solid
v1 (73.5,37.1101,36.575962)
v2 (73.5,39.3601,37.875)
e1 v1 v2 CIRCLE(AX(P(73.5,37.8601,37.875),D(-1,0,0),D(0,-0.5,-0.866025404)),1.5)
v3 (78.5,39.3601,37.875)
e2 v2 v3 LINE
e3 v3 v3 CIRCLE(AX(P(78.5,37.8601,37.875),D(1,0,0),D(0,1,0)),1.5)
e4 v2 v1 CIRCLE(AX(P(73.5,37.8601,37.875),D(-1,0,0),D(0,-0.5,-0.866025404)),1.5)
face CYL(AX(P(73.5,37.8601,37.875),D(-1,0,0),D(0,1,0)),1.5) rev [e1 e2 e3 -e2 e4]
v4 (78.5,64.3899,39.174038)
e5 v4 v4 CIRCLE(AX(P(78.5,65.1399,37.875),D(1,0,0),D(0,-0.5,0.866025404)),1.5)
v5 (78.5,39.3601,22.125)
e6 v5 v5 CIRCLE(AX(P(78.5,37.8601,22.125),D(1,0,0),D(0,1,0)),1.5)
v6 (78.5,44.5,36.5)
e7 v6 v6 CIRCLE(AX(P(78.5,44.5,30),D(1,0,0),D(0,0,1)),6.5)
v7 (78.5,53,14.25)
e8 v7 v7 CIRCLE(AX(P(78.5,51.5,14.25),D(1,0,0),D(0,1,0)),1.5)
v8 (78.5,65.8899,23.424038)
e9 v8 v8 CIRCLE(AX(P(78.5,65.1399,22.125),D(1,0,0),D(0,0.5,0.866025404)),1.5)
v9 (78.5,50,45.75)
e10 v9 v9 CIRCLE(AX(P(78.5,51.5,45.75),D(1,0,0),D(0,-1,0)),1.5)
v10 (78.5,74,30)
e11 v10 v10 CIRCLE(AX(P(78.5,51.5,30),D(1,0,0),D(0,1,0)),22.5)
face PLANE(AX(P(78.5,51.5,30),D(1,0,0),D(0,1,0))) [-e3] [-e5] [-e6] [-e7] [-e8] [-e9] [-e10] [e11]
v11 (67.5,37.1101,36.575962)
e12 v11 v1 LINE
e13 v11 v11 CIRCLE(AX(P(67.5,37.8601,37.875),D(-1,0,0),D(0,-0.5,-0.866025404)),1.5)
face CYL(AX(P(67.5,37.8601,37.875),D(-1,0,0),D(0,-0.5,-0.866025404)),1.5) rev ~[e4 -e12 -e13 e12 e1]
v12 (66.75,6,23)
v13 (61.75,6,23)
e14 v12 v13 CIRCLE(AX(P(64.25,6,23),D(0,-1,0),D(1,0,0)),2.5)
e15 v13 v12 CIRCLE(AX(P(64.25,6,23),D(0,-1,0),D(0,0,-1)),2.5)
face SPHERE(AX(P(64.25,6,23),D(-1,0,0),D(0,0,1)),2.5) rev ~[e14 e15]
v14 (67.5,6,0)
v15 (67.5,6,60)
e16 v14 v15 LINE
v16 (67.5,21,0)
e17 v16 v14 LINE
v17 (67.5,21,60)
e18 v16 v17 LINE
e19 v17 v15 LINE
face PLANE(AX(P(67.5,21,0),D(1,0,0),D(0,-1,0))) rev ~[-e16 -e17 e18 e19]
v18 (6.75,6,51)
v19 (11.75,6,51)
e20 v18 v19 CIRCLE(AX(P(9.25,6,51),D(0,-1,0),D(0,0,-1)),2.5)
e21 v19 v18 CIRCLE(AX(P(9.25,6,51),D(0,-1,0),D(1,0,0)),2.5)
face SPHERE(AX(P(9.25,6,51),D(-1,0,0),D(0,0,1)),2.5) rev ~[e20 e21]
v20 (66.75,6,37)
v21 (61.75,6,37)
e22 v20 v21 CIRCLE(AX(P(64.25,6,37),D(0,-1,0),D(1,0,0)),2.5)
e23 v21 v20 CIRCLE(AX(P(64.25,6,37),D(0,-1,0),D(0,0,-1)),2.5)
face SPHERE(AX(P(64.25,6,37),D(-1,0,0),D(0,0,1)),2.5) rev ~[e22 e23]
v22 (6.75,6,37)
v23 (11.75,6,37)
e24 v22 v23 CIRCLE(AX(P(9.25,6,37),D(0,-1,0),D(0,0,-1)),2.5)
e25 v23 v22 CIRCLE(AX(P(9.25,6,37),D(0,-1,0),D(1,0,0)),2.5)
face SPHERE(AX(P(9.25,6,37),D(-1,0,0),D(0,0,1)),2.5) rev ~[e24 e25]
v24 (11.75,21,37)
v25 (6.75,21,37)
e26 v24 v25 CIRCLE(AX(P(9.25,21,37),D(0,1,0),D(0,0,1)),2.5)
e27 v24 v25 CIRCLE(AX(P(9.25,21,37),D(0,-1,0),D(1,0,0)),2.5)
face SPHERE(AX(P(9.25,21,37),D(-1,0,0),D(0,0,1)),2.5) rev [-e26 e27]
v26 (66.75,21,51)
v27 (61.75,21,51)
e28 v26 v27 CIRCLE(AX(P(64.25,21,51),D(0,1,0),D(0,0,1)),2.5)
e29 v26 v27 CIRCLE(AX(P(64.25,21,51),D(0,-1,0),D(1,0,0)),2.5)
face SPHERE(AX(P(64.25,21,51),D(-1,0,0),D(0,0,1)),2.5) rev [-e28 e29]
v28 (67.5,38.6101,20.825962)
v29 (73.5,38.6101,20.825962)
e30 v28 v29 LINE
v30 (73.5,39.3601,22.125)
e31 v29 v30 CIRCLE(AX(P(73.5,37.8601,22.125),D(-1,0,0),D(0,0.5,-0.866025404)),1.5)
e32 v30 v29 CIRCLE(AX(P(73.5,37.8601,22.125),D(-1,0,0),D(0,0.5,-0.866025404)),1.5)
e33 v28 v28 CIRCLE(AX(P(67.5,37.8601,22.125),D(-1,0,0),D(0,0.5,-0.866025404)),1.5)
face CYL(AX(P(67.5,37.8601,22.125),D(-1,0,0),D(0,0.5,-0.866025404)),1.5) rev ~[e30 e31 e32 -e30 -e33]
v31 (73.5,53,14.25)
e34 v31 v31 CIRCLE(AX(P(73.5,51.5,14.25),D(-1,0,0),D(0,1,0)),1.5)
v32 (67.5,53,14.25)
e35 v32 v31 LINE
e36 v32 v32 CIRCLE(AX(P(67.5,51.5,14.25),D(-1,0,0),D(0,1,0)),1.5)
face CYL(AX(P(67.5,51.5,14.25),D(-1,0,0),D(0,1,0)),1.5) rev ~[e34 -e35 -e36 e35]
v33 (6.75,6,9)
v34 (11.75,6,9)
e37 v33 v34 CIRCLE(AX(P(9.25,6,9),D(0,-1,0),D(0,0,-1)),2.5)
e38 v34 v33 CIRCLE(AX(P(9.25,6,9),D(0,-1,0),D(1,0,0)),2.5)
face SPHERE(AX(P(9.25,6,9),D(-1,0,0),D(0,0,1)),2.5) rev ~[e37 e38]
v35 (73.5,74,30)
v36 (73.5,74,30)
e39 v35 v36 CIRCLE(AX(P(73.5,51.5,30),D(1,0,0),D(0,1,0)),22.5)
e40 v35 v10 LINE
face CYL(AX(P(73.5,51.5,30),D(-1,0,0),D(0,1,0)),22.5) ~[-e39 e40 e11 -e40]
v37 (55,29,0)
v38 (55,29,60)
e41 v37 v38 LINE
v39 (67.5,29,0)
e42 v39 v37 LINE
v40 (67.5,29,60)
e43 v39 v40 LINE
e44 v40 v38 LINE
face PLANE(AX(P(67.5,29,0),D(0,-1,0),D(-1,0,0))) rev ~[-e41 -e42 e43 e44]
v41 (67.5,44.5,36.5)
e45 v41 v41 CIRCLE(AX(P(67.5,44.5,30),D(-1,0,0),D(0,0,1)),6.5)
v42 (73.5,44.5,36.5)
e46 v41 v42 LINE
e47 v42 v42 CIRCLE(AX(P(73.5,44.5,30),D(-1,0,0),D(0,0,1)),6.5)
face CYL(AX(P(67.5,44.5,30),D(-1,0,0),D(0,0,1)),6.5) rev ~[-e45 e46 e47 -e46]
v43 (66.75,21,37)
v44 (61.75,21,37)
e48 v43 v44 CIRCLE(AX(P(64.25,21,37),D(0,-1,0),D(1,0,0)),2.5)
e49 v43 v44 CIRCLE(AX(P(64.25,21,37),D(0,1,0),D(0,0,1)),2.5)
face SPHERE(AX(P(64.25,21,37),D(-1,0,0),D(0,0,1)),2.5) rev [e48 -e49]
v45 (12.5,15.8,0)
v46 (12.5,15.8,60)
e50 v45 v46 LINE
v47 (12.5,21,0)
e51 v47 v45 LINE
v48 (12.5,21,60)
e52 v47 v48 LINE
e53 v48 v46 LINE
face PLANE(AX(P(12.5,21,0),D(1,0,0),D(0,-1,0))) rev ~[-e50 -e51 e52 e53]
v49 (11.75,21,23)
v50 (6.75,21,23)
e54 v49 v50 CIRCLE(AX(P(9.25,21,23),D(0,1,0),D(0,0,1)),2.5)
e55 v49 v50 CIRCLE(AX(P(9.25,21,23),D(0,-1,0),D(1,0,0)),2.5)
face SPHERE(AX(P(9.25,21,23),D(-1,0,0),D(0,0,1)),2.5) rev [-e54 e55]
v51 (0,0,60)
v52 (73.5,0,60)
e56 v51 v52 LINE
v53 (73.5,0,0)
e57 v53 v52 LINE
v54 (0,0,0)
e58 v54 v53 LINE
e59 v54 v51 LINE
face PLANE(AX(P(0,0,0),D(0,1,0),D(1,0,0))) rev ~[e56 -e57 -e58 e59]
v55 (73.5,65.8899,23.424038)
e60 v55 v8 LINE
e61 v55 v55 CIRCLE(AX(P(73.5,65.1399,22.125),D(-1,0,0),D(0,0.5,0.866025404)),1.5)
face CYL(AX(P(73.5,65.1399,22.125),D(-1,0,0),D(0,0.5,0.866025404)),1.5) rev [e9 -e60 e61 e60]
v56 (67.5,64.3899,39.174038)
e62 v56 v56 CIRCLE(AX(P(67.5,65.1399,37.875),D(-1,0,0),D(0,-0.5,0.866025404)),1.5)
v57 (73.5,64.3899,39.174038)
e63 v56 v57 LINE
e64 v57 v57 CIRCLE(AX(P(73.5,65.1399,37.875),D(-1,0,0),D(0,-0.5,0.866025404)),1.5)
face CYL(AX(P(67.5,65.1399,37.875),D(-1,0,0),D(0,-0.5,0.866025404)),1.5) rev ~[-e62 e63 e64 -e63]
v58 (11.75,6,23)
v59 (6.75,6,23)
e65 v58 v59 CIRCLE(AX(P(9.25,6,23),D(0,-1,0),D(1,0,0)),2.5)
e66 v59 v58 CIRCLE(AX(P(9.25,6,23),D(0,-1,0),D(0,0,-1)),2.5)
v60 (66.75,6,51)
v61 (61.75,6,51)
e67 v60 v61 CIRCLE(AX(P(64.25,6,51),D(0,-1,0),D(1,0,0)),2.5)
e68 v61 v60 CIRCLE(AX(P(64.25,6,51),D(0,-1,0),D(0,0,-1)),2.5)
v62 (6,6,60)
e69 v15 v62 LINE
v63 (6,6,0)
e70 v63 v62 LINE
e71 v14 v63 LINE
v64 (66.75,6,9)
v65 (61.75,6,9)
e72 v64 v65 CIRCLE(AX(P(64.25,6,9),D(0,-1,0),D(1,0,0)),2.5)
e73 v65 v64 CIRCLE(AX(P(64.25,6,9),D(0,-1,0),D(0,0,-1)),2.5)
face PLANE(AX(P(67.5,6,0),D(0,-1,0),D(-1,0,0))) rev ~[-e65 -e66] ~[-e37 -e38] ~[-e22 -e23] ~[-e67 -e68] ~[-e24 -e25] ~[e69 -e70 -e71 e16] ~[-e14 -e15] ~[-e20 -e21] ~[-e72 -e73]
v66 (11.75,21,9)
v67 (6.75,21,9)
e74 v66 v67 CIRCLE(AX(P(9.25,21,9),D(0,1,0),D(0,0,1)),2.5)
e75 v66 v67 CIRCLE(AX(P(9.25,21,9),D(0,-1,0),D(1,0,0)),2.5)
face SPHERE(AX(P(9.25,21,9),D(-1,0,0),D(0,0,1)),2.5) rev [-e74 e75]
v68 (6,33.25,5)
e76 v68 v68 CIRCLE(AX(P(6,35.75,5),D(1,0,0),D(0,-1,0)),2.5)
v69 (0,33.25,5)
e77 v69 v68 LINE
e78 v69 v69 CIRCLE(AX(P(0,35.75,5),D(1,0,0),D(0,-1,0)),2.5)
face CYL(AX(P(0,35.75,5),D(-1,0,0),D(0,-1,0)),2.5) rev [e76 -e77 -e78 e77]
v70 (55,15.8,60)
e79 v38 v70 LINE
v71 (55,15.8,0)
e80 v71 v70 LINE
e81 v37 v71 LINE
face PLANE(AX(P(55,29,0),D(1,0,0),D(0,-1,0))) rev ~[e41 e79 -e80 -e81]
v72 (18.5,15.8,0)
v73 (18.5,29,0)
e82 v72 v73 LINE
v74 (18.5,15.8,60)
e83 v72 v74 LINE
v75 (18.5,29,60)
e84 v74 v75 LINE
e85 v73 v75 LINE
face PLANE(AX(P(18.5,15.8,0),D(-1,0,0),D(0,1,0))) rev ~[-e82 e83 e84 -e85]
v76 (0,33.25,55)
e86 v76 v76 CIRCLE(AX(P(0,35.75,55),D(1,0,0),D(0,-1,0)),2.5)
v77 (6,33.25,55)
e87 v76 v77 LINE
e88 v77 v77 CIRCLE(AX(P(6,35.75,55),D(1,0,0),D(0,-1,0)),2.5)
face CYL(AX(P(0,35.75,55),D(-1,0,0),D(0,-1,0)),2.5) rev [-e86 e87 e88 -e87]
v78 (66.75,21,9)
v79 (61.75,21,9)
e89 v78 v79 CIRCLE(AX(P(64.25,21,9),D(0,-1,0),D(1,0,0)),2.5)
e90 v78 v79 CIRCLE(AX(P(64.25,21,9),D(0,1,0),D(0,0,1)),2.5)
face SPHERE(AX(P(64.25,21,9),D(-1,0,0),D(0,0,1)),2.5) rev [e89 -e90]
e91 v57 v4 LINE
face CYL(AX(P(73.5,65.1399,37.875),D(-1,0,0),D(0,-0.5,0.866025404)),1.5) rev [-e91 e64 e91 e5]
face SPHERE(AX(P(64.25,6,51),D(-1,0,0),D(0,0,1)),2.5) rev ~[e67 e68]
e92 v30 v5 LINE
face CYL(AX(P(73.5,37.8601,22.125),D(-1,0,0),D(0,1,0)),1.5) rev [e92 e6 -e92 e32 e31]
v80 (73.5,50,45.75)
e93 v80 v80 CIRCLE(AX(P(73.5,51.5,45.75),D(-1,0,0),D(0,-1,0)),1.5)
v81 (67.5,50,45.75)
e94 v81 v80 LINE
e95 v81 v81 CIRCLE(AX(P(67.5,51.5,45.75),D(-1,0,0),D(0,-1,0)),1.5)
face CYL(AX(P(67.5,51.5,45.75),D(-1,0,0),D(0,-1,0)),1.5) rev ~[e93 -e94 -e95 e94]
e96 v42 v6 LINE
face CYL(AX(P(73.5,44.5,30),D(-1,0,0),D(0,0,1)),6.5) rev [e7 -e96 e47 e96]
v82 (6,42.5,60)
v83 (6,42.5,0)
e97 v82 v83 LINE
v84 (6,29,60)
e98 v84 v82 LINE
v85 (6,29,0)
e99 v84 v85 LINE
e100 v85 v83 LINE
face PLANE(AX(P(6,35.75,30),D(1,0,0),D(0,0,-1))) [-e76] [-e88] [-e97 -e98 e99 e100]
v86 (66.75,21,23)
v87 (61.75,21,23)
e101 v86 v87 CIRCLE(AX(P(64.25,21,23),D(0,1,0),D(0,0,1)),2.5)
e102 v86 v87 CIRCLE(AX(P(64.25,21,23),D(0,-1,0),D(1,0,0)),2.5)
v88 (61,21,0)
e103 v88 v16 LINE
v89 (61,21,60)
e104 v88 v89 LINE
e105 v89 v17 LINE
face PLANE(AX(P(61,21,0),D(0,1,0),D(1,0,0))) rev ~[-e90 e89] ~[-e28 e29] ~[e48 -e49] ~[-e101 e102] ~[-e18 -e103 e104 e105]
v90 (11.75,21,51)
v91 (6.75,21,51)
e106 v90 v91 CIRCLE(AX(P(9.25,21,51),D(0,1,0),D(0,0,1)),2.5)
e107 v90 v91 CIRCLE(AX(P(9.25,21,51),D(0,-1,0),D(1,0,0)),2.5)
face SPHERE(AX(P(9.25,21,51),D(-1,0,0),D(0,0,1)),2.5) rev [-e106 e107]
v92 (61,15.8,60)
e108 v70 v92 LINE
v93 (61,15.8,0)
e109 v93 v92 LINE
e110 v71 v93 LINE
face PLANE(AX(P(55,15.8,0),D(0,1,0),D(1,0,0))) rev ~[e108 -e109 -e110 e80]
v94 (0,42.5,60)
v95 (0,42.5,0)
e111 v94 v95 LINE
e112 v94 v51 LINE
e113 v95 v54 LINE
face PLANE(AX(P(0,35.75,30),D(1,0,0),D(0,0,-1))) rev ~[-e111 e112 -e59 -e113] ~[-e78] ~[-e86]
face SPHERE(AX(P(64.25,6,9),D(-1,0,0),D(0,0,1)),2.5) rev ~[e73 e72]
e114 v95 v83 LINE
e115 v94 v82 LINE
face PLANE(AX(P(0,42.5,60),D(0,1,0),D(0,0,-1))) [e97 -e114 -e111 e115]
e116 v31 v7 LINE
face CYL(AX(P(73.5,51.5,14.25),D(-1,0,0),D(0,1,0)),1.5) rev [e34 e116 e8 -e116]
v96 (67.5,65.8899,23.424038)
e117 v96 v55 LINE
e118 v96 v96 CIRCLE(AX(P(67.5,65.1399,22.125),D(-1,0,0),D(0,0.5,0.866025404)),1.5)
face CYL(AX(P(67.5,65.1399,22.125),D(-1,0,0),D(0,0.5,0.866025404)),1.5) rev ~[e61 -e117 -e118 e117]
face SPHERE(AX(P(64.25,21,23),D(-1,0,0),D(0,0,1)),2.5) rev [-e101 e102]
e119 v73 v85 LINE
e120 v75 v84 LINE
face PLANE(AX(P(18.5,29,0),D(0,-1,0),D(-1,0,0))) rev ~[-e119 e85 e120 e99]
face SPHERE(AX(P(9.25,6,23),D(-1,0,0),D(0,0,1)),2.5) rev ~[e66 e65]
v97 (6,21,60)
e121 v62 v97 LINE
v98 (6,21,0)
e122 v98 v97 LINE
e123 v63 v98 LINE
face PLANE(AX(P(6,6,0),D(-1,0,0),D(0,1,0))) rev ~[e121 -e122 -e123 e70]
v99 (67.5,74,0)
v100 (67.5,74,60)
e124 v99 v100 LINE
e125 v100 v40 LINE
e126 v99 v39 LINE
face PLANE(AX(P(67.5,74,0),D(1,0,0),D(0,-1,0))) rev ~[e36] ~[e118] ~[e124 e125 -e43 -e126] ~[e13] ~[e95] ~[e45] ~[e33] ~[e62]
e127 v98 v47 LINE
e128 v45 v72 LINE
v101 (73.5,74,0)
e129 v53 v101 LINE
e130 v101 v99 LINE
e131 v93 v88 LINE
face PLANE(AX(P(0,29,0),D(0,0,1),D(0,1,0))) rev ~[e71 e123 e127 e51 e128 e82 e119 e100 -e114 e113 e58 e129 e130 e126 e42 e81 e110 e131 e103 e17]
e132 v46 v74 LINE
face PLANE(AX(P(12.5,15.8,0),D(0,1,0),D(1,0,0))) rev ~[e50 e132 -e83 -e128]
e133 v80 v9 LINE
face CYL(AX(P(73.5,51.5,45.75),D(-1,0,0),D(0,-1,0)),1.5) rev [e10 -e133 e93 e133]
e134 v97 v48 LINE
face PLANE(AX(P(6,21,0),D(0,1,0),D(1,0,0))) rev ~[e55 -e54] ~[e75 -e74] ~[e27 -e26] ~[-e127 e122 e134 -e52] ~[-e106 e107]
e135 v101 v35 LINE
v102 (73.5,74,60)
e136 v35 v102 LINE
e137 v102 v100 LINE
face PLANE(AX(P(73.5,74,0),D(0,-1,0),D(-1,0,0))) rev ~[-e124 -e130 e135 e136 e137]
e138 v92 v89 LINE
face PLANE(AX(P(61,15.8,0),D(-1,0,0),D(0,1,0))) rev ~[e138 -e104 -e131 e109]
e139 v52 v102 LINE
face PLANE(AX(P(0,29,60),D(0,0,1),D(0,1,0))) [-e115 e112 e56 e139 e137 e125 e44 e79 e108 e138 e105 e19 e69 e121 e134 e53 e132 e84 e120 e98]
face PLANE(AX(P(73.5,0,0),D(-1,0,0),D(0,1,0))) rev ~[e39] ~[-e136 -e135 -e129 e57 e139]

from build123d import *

# Parameters (mm, degrees)
BOSS_EXTRUDE1_DEPTH  = 60
SKETCH2_R            = 1.5
CUT_EXTRUDE1_DEPTH   = 6
LPATTERN1_COUNT      = 4
LPATTERN1_PITCH      = 14
LPATTERN1_COUNT_DIR2 = 2
LPATTERN1_PITCH_DIR2 = 55
CIRPATTERN2_COUNT    = 6
SKETCH10_R           = 6.5
CUT_EXTRUDE4_DEPTH   = 10
SKETCH11_R           = 22.5
SKETCH11_R_2         = 1.5
SKETCH11_R_3         = 6.5
BOSS_EXTRUDE6_DEPTH  = 5
SKETCH12_W           = 60
SKETCH12_H           = 13.5
SKETCH12_R           = 2.5
BOSS_EXTRUDE7_DEPTH  = 6


with BuildPart() as part:
    # Sketch1 → Boss-Extrude1 (new body)
    with BuildSketch(Plane.XY):
        Polygon((0, 29), (0, 0), (73.5, 0), (73.5, 74), (67.5, 74), (67.5, 29), (55, 29), (55, 15.8), (61, 15.8), (61, 21), (67.5, 21), (67.5, 6), (6, 6), (6, 21), (12.5, 21), (12.5, 15.8), (18.5, 15.8), (18.5, 29), align=None)
    extrude(amount=BOSS_EXTRUDE1_DEPTH)

    # Sketch2 → Cut-Extrude1 (cut)
    with BuildSketch(Plane.ZY.offset(-67.5)):
        with Locations(Location((45.75, 51.5, 0), (0, 0, 270))):
            Circle(SKETCH2_R)
    cut_extrude1 = extrude(amount=-CUT_EXTRUDE1_DEPTH, mode=Mode.SUBTRACT)

    # Sketch3 → Cut-Revolve1 (revolve, cut)
    with BuildSketch(Plane.XZ.offset(-21)):
        with BuildLine():
            Line((61.75, 51), (66.75, 51))
            ThreePointArc((66.75, 51), (64.25, 53.5), (61.75, 51))
        make_face()
    cut_revolve1 = revolve(axis=Axis((61.75, 21, 51), (1, 0, 0)), mode=Mode.SUBTRACT)

    # LPattern1: Cut-Revolve1 4 × 2
    with Locations(*[(-j * LPATTERN1_PITCH_DIR2, 0, -i * LPATTERN1_PITCH) for i in range(LPATTERN1_COUNT) for j in range(LPATTERN1_COUNT_DIR2) if (i, j) != (0, 0)]):
        add(cut_revolve1, mode=Mode.SUBTRACT)

    # CirPattern2: Cut-Extrude1 ×6 about axis
    cirpattern2_axis = Axis((0, 51.5, 30), (1, 0, 0))
    for i in range(1, CIRPATTERN2_COUNT):
        add(cut_extrude1.rotate(cirpattern2_axis, i * 360 / CIRPATTERN2_COUNT), mode=Mode.SUBTRACT)

    # Sketch10 → Cut-Extrude4 (cut)
    with BuildSketch(Plane.ZY.offset(-67.5)):
        with Locations((30, 44.5)):
            Circle(SKETCH10_R)
    extrude(amount=-CUT_EXTRUDE4_DEPTH, mode=Mode.SUBTRACT)

    # Sketch11 → Boss-Extrude6 (add)
    with BuildSketch(Plane(origin=(73.5, 0, 0), x_dir=(0, 0, -1), z_dir=(1, 0, 0))):
        with Locations(Location((-30, 51.5, 0), (0, 0, 90))):
            Circle(SKETCH11_R)
        with Locations(Location((-37.875, 65.1399, 0), (0, 0, 210))):
            Circle(SKETCH11_R_2, mode=Mode.SUBTRACT)
        with Locations(Location((-22.125, 65.1399, 0), (0, 0, 150))):
            Circle(SKETCH11_R_2, mode=Mode.SUBTRACT)
        with Locations(Location((-14.25, 51.5, 0), (0, 0, 90))):
            Circle(SKETCH11_R_2, mode=Mode.SUBTRACT)
        with Locations(Location((-22.125, 37.8601, 0), (0, 0, 90))):
            Circle(SKETCH11_R_2, mode=Mode.SUBTRACT)
        with Locations(Location((-30, 44.5, 0), (0, 0, 180))):
            Circle(SKETCH11_R_3, mode=Mode.SUBTRACT)
        with Locations(Location((-37.875, 37.8601, 0), (0, 0, 90))):
            Circle(SKETCH11_R_2, mode=Mode.SUBTRACT)
        with Locations(Location((-45.75, 51.5, 0), (0, 0, 270))):
            Circle(SKETCH11_R_2, mode=Mode.SUBTRACT)
    extrude(amount=BOSS_EXTRUDE6_DEPTH)

    # Sketch12 → Boss-Extrude7 (add)
    with BuildSketch(Plane(origin=(0, 0, 70), x_dir=(0, 0, -1), z_dir=(1, 0, 0))):
        with Locations((40, 35.75)):
            Rectangle(SKETCH12_W, SKETCH12_H)
        with Locations(Location((15, 35.75, 0), (0, 0, 270))):
            Circle(SKETCH12_R, mode=Mode.SUBTRACT)
        with Locations(Location((65, 35.75, 0), (0, 0, 270))):
            Circle(SKETCH12_R, mode=Mode.SUBTRACT)
    extrude(amount=BOSS_EXTRUDE7_DEPTH)

    # Mirror1: Cut-Revolve1 across plane
    add(cut_revolve1.mirror(Plane.ZX.offset(13.5)), mode=Mode.SUBTRACT)

    # Mirror1 copy 1 sketch → Mirror1 copy 1 (revolve, cut)
    with BuildSketch(Plane(origin=(-55, 6, 0), x_dir=(1, 0, 0), z_dir=(0, 1, 0))):
        with BuildLine():
            Line((61.75, -51), (66.75, -51))
            ThreePointArc((66.75, -51), (64.25, -53.5), (61.75, -51))
        make_face()
    revolve(axis=Axis((6.75, 6, 51), (-1, 0, 0)), mode=Mode.SUBTRACT)

    # Mirror1 copy 2 sketch → Mirror1 copy 2 (revolve, cut)
    with BuildSketch(Plane(origin=(0, 6, -14), x_dir=(1, 0, 0), z_dir=(0, 1, 0))):
        with BuildLine():
            Line((61.75, -51), (66.75, -51))
            ThreePointArc((66.75, -51), (64.25, -53.5), (61.75, -51))
        make_face()
    revolve(axis=Axis((61.75, 6, 37), (-1, 0, 0)), mode=Mode.SUBTRACT)

    # Mirror1 copy 3 sketch → Mirror1 copy 3 (revolve, cut)
    with BuildSketch(Plane(origin=(-55, 6, -14), x_dir=(1, 0, 0), z_dir=(0, 1, 0))):
        with BuildLine():
            Line((61.75, -51), (66.75, -51))
            ThreePointArc((66.75, -51), (64.25, -53.5), (61.75, -51))
        make_face()
    revolve(axis=Axis((6.75, 6, 37), (-1, 0, 0)), mode=Mode.SUBTRACT)

    # Mirror1 copy 4 sketch → Mirror1 copy 4 (revolve, cut)
    with BuildSketch(Plane(origin=(0, 6, -28), x_dir=(1, 0, 0), z_dir=(0, 1, 0))):
        with BuildLine():
            Line((61.75, -51), (66.75, -51))
            ThreePointArc((66.75, -51), (64.25, -53.5), (61.75, -51))
        make_face()
    revolve(axis=Axis((61.75, 6, 23), (-1, 0, 0)), mode=Mode.SUBTRACT)

    # Mirror1 copy 5 sketch → Mirror1 copy 5 (revolve, cut)
    with BuildSketch(Plane(origin=(-55, 6, -28), x_dir=(1, 0, 0), z_dir=(0, 1, 0))):
        with BuildLine():
            Line((61.75, -51), (66.75, -51))
            ThreePointArc((66.75, -51), (64.25, -53.5), (61.75, -51))
        make_face()
    revolve(axis=Axis((6.75, 6, 23), (-1, 0, 0)), mode=Mode.SUBTRACT)

    # Mirror1 copy 6 sketch → Mirror1 copy 6 (revolve, cut)
    with BuildSketch(Plane(origin=(0, 6, -42), x_dir=(1, 0, 0), z_dir=(0, 1, 0))):
        with BuildLine():
            Line((61.75, -51), (66.75, -51))
            ThreePointArc((66.75, -51), (64.25, -53.5), (61.75, -51))
        make_face()
    revolve(axis=Axis((61.75, 6, 9), (-1, 0, 0)), mode=Mode.SUBTRACT)

    # Mirror1 copy 7 sketch → Mirror1 copy 7 (revolve, cut)
    with BuildSketch(Plane(origin=(-55, 6, -42), x_dir=(1, 0, 0), z_dir=(0, 1, 0))):
        with BuildLine():
            Line((61.75, -51), (66.75, -51))
            ThreePointArc((66.75, -51), (64.25, -53.5), (61.75, -51))
        make_face()
    revolve(axis=Axis((6.75, 6, 9), (-1, 0, 0)), mode=Mode.SUBTRACT)


solid = part.part
